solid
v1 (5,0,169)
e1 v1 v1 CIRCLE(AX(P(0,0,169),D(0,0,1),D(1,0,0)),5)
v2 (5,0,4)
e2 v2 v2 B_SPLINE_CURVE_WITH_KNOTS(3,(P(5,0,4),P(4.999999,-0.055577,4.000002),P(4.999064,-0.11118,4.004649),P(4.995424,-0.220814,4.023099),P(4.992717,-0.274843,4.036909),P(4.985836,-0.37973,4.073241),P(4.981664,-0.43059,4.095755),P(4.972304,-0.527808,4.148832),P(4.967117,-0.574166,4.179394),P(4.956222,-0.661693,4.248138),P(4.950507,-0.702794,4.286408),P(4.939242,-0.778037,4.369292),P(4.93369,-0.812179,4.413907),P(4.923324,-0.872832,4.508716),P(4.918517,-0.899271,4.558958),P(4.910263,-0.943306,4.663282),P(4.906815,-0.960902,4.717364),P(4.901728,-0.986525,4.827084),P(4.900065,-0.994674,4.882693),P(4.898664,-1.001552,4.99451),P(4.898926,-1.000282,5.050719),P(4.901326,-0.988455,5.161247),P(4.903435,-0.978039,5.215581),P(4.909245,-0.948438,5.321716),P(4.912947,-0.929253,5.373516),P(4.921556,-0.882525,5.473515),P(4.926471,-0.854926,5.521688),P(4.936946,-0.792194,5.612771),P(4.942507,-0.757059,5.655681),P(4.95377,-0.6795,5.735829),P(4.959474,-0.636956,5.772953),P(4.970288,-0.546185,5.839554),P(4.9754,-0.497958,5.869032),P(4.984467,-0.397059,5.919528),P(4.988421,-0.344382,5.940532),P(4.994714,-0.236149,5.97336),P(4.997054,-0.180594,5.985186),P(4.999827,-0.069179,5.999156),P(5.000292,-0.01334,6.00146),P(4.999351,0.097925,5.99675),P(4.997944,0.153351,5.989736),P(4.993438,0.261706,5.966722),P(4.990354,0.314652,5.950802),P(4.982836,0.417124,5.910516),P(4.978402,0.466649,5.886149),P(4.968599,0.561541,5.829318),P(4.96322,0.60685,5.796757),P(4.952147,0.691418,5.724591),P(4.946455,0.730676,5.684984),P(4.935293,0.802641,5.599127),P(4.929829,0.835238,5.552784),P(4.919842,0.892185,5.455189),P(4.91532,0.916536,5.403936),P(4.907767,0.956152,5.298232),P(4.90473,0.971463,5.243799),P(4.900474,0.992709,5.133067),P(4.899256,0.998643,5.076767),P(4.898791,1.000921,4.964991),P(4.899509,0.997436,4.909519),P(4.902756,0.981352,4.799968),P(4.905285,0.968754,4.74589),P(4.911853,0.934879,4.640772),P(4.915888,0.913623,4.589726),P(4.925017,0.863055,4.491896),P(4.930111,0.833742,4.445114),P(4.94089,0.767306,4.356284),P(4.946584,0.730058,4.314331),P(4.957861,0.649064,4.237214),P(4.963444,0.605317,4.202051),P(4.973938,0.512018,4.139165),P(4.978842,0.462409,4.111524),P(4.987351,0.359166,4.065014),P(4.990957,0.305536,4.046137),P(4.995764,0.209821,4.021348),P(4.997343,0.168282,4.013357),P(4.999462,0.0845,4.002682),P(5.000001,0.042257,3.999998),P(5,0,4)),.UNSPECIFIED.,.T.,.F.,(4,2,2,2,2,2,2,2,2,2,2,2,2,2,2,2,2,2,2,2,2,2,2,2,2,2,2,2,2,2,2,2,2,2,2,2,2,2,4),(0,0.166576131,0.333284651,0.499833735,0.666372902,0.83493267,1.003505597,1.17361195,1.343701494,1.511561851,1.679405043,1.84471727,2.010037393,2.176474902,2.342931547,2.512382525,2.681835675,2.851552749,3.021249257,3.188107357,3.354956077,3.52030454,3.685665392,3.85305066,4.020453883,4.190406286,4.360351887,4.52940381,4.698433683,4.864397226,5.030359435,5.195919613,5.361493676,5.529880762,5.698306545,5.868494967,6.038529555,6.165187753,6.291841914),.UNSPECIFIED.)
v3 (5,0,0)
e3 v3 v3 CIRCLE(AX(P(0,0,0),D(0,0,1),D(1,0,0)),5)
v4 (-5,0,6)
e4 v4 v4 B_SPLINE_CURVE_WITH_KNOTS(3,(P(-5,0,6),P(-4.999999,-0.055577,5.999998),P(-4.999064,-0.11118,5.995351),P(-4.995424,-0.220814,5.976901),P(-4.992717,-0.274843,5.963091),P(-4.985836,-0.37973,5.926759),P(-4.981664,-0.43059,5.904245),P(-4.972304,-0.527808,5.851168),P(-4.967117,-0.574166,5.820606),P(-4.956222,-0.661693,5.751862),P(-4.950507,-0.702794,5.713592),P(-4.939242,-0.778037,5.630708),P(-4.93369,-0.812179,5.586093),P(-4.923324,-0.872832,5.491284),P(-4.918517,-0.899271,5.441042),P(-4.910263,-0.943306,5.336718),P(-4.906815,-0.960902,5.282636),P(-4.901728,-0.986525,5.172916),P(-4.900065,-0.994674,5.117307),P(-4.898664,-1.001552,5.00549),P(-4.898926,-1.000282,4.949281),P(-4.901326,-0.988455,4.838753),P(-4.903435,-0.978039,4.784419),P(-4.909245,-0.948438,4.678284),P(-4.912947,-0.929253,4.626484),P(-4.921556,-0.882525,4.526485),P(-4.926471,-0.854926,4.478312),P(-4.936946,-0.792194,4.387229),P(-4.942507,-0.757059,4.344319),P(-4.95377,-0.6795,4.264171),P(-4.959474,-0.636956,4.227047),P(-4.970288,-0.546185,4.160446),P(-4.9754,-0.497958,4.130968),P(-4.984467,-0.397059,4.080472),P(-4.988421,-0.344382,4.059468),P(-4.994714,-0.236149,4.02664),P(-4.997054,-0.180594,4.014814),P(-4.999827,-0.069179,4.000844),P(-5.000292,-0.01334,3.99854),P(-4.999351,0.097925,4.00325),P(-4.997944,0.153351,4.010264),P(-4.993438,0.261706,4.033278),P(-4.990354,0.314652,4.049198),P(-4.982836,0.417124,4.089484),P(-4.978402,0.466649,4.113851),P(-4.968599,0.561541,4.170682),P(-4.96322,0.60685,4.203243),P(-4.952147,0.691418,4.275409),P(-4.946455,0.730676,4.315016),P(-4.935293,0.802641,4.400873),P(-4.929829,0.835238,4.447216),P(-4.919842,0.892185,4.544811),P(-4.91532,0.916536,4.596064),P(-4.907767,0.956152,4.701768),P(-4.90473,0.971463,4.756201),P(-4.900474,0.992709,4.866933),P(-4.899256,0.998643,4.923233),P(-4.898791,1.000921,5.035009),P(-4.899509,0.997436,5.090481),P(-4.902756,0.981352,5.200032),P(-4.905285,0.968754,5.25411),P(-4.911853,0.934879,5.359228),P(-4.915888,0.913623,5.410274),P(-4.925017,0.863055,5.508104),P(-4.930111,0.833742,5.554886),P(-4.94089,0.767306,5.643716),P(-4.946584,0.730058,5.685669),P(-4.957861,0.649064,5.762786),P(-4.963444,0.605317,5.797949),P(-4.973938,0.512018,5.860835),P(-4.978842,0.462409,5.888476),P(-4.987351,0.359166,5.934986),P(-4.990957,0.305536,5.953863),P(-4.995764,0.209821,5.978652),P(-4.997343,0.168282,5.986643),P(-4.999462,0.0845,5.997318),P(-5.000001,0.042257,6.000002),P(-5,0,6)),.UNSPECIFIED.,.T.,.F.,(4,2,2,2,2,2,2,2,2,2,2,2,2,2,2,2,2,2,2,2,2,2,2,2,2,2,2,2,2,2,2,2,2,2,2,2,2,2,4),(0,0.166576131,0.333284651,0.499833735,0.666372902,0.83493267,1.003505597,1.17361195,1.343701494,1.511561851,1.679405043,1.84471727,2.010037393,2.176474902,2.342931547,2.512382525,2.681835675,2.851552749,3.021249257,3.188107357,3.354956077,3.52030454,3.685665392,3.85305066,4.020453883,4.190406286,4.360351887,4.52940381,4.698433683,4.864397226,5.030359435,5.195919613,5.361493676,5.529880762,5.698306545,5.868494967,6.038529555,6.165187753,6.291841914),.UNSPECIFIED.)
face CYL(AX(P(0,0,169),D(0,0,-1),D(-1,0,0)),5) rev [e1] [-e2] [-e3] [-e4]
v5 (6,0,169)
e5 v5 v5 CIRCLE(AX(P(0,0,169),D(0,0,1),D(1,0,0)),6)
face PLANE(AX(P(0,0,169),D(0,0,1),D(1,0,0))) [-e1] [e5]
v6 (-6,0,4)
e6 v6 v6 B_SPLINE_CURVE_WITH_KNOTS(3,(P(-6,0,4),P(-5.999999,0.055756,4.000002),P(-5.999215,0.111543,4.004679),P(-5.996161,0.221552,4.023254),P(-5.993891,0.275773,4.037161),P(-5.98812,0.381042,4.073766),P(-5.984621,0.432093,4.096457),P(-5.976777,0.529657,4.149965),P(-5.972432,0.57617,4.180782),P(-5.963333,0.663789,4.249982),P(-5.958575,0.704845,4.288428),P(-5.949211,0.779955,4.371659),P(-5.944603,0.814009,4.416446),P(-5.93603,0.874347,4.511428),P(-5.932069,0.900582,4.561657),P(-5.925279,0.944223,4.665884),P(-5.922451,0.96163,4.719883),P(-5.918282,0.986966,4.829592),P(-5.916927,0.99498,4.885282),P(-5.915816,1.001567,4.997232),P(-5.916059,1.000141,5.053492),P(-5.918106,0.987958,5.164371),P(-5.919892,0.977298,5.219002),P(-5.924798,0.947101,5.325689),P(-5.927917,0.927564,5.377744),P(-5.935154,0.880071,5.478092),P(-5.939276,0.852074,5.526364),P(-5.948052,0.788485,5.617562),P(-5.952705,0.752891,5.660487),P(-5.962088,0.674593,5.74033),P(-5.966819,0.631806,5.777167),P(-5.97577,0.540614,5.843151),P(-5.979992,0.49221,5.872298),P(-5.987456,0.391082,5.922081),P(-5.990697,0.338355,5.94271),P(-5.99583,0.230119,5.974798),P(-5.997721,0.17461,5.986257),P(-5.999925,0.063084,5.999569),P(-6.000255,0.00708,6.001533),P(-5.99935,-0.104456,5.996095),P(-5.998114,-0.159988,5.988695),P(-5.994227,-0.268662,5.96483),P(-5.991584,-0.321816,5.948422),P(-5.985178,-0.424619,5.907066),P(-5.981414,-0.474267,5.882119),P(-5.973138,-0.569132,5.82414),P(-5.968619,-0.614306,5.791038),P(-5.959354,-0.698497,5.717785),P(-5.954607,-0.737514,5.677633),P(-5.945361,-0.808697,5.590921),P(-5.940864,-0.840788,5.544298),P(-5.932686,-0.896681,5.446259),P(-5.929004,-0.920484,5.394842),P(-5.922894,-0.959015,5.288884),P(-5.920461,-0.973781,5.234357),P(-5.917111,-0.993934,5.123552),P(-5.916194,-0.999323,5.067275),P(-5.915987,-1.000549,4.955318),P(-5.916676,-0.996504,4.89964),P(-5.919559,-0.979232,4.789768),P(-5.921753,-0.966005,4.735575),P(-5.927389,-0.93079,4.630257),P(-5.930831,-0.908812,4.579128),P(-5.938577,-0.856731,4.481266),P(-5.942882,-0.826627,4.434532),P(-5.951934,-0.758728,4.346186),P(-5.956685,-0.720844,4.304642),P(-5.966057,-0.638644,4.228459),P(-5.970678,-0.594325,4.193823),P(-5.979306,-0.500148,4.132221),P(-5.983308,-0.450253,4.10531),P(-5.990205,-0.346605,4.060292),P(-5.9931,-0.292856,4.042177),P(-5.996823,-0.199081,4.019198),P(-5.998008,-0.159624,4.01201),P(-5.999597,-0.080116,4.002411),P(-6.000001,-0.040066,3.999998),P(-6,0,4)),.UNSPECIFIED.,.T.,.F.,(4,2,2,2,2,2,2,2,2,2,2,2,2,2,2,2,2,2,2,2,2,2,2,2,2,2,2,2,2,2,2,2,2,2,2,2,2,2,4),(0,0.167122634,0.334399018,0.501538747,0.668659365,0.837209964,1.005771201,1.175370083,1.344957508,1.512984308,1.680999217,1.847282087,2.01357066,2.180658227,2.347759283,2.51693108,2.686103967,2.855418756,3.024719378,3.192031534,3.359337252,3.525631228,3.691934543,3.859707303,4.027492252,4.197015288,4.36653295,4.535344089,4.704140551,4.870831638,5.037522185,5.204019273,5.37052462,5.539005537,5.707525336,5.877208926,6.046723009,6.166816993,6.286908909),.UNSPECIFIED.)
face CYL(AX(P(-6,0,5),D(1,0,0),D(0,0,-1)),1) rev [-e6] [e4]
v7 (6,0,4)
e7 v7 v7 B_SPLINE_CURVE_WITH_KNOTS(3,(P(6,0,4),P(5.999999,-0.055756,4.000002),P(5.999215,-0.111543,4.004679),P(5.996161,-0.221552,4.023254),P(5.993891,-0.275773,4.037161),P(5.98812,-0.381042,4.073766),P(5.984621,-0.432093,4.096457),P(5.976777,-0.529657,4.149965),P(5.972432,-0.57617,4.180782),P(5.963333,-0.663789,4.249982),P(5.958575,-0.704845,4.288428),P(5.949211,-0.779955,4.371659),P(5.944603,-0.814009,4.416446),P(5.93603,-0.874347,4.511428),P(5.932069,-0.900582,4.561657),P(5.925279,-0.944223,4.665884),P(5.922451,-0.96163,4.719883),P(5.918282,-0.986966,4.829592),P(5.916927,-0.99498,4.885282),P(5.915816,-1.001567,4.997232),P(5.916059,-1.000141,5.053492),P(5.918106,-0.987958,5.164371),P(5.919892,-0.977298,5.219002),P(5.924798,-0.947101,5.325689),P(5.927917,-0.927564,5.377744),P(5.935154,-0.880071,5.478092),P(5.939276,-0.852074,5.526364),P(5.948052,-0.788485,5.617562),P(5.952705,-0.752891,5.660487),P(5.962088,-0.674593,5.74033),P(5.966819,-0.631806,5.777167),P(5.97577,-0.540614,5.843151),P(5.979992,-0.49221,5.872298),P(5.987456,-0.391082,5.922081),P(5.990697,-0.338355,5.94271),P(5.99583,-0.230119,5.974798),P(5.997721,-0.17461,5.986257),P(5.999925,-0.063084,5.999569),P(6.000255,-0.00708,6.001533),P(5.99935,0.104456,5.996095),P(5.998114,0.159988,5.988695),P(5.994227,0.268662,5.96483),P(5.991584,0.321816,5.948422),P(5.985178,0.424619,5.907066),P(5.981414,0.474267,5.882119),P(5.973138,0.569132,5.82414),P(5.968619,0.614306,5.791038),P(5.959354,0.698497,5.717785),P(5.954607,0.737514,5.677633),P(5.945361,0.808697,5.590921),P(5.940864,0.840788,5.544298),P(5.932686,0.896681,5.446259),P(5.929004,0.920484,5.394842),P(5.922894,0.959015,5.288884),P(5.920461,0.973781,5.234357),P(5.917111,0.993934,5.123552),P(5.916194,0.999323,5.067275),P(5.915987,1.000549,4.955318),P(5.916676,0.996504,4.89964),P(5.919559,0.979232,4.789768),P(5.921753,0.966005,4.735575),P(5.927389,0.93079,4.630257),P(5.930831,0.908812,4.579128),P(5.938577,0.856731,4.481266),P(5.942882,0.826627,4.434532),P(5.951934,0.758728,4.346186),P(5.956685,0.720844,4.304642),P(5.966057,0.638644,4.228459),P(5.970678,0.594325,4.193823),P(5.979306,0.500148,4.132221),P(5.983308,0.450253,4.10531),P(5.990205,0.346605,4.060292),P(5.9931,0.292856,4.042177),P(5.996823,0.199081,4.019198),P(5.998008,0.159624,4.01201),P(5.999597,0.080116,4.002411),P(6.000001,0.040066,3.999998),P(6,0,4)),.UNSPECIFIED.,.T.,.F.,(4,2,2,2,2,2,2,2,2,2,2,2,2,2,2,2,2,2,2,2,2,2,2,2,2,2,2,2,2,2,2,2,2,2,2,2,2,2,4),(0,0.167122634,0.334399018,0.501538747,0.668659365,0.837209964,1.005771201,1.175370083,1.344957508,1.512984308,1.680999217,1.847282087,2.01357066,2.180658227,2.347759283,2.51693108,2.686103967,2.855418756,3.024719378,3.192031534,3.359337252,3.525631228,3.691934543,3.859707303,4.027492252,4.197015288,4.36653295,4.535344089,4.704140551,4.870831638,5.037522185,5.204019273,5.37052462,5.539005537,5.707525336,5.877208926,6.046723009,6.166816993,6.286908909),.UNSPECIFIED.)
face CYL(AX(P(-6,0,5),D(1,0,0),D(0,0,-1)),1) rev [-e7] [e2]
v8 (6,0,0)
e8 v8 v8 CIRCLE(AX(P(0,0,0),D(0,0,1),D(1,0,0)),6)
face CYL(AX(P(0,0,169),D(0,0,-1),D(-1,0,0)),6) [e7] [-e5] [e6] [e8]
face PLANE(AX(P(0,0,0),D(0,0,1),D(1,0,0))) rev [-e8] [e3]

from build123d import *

# Parameters (mm, degrees)
SKETCH1_R                  = 6
SKETCH1_R_2                = 5
BOSS_EXTRUDE1_DEPTH        = 169
IZIM1_R                    = 1
KES_EKSTR_ZYON1_DEPTH      = 7
KES_EKSTR_ZYON1_DEPTH_BACK = 7


with BuildPart() as part:
    # Sketch1 → Boss-Extrude1 (new body)
    with BuildSketch(Plane.XY):
        Circle(SKETCH1_R)
        Circle(SKETCH1_R_2, mode=Mode.SUBTRACT)
    extrude(amount=BOSS_EXTRUDE1_DEPTH)

    # Çizim1 → Kes-Ekstrüzyon1 (cut, two sides)
    with BuildSketch(Plane(origin=(0, 0, 0), x_dir=(0, 0, -1), z_dir=(1, 0, 0))) as kes_ekstr_zyon1_sk:
        with Locations((-5, 0)):
            Circle(IZIM1_R)
    extrude(amount=KES_EKSTR_ZYON1_DEPTH, mode=Mode.SUBTRACT)
    extrude(kes_ekstr_zyon1_sk.sketch, amount=-KES_EKSTR_ZYON1_DEPTH_BACK, mode=Mode.SUBTRACT)


solid = part.part
